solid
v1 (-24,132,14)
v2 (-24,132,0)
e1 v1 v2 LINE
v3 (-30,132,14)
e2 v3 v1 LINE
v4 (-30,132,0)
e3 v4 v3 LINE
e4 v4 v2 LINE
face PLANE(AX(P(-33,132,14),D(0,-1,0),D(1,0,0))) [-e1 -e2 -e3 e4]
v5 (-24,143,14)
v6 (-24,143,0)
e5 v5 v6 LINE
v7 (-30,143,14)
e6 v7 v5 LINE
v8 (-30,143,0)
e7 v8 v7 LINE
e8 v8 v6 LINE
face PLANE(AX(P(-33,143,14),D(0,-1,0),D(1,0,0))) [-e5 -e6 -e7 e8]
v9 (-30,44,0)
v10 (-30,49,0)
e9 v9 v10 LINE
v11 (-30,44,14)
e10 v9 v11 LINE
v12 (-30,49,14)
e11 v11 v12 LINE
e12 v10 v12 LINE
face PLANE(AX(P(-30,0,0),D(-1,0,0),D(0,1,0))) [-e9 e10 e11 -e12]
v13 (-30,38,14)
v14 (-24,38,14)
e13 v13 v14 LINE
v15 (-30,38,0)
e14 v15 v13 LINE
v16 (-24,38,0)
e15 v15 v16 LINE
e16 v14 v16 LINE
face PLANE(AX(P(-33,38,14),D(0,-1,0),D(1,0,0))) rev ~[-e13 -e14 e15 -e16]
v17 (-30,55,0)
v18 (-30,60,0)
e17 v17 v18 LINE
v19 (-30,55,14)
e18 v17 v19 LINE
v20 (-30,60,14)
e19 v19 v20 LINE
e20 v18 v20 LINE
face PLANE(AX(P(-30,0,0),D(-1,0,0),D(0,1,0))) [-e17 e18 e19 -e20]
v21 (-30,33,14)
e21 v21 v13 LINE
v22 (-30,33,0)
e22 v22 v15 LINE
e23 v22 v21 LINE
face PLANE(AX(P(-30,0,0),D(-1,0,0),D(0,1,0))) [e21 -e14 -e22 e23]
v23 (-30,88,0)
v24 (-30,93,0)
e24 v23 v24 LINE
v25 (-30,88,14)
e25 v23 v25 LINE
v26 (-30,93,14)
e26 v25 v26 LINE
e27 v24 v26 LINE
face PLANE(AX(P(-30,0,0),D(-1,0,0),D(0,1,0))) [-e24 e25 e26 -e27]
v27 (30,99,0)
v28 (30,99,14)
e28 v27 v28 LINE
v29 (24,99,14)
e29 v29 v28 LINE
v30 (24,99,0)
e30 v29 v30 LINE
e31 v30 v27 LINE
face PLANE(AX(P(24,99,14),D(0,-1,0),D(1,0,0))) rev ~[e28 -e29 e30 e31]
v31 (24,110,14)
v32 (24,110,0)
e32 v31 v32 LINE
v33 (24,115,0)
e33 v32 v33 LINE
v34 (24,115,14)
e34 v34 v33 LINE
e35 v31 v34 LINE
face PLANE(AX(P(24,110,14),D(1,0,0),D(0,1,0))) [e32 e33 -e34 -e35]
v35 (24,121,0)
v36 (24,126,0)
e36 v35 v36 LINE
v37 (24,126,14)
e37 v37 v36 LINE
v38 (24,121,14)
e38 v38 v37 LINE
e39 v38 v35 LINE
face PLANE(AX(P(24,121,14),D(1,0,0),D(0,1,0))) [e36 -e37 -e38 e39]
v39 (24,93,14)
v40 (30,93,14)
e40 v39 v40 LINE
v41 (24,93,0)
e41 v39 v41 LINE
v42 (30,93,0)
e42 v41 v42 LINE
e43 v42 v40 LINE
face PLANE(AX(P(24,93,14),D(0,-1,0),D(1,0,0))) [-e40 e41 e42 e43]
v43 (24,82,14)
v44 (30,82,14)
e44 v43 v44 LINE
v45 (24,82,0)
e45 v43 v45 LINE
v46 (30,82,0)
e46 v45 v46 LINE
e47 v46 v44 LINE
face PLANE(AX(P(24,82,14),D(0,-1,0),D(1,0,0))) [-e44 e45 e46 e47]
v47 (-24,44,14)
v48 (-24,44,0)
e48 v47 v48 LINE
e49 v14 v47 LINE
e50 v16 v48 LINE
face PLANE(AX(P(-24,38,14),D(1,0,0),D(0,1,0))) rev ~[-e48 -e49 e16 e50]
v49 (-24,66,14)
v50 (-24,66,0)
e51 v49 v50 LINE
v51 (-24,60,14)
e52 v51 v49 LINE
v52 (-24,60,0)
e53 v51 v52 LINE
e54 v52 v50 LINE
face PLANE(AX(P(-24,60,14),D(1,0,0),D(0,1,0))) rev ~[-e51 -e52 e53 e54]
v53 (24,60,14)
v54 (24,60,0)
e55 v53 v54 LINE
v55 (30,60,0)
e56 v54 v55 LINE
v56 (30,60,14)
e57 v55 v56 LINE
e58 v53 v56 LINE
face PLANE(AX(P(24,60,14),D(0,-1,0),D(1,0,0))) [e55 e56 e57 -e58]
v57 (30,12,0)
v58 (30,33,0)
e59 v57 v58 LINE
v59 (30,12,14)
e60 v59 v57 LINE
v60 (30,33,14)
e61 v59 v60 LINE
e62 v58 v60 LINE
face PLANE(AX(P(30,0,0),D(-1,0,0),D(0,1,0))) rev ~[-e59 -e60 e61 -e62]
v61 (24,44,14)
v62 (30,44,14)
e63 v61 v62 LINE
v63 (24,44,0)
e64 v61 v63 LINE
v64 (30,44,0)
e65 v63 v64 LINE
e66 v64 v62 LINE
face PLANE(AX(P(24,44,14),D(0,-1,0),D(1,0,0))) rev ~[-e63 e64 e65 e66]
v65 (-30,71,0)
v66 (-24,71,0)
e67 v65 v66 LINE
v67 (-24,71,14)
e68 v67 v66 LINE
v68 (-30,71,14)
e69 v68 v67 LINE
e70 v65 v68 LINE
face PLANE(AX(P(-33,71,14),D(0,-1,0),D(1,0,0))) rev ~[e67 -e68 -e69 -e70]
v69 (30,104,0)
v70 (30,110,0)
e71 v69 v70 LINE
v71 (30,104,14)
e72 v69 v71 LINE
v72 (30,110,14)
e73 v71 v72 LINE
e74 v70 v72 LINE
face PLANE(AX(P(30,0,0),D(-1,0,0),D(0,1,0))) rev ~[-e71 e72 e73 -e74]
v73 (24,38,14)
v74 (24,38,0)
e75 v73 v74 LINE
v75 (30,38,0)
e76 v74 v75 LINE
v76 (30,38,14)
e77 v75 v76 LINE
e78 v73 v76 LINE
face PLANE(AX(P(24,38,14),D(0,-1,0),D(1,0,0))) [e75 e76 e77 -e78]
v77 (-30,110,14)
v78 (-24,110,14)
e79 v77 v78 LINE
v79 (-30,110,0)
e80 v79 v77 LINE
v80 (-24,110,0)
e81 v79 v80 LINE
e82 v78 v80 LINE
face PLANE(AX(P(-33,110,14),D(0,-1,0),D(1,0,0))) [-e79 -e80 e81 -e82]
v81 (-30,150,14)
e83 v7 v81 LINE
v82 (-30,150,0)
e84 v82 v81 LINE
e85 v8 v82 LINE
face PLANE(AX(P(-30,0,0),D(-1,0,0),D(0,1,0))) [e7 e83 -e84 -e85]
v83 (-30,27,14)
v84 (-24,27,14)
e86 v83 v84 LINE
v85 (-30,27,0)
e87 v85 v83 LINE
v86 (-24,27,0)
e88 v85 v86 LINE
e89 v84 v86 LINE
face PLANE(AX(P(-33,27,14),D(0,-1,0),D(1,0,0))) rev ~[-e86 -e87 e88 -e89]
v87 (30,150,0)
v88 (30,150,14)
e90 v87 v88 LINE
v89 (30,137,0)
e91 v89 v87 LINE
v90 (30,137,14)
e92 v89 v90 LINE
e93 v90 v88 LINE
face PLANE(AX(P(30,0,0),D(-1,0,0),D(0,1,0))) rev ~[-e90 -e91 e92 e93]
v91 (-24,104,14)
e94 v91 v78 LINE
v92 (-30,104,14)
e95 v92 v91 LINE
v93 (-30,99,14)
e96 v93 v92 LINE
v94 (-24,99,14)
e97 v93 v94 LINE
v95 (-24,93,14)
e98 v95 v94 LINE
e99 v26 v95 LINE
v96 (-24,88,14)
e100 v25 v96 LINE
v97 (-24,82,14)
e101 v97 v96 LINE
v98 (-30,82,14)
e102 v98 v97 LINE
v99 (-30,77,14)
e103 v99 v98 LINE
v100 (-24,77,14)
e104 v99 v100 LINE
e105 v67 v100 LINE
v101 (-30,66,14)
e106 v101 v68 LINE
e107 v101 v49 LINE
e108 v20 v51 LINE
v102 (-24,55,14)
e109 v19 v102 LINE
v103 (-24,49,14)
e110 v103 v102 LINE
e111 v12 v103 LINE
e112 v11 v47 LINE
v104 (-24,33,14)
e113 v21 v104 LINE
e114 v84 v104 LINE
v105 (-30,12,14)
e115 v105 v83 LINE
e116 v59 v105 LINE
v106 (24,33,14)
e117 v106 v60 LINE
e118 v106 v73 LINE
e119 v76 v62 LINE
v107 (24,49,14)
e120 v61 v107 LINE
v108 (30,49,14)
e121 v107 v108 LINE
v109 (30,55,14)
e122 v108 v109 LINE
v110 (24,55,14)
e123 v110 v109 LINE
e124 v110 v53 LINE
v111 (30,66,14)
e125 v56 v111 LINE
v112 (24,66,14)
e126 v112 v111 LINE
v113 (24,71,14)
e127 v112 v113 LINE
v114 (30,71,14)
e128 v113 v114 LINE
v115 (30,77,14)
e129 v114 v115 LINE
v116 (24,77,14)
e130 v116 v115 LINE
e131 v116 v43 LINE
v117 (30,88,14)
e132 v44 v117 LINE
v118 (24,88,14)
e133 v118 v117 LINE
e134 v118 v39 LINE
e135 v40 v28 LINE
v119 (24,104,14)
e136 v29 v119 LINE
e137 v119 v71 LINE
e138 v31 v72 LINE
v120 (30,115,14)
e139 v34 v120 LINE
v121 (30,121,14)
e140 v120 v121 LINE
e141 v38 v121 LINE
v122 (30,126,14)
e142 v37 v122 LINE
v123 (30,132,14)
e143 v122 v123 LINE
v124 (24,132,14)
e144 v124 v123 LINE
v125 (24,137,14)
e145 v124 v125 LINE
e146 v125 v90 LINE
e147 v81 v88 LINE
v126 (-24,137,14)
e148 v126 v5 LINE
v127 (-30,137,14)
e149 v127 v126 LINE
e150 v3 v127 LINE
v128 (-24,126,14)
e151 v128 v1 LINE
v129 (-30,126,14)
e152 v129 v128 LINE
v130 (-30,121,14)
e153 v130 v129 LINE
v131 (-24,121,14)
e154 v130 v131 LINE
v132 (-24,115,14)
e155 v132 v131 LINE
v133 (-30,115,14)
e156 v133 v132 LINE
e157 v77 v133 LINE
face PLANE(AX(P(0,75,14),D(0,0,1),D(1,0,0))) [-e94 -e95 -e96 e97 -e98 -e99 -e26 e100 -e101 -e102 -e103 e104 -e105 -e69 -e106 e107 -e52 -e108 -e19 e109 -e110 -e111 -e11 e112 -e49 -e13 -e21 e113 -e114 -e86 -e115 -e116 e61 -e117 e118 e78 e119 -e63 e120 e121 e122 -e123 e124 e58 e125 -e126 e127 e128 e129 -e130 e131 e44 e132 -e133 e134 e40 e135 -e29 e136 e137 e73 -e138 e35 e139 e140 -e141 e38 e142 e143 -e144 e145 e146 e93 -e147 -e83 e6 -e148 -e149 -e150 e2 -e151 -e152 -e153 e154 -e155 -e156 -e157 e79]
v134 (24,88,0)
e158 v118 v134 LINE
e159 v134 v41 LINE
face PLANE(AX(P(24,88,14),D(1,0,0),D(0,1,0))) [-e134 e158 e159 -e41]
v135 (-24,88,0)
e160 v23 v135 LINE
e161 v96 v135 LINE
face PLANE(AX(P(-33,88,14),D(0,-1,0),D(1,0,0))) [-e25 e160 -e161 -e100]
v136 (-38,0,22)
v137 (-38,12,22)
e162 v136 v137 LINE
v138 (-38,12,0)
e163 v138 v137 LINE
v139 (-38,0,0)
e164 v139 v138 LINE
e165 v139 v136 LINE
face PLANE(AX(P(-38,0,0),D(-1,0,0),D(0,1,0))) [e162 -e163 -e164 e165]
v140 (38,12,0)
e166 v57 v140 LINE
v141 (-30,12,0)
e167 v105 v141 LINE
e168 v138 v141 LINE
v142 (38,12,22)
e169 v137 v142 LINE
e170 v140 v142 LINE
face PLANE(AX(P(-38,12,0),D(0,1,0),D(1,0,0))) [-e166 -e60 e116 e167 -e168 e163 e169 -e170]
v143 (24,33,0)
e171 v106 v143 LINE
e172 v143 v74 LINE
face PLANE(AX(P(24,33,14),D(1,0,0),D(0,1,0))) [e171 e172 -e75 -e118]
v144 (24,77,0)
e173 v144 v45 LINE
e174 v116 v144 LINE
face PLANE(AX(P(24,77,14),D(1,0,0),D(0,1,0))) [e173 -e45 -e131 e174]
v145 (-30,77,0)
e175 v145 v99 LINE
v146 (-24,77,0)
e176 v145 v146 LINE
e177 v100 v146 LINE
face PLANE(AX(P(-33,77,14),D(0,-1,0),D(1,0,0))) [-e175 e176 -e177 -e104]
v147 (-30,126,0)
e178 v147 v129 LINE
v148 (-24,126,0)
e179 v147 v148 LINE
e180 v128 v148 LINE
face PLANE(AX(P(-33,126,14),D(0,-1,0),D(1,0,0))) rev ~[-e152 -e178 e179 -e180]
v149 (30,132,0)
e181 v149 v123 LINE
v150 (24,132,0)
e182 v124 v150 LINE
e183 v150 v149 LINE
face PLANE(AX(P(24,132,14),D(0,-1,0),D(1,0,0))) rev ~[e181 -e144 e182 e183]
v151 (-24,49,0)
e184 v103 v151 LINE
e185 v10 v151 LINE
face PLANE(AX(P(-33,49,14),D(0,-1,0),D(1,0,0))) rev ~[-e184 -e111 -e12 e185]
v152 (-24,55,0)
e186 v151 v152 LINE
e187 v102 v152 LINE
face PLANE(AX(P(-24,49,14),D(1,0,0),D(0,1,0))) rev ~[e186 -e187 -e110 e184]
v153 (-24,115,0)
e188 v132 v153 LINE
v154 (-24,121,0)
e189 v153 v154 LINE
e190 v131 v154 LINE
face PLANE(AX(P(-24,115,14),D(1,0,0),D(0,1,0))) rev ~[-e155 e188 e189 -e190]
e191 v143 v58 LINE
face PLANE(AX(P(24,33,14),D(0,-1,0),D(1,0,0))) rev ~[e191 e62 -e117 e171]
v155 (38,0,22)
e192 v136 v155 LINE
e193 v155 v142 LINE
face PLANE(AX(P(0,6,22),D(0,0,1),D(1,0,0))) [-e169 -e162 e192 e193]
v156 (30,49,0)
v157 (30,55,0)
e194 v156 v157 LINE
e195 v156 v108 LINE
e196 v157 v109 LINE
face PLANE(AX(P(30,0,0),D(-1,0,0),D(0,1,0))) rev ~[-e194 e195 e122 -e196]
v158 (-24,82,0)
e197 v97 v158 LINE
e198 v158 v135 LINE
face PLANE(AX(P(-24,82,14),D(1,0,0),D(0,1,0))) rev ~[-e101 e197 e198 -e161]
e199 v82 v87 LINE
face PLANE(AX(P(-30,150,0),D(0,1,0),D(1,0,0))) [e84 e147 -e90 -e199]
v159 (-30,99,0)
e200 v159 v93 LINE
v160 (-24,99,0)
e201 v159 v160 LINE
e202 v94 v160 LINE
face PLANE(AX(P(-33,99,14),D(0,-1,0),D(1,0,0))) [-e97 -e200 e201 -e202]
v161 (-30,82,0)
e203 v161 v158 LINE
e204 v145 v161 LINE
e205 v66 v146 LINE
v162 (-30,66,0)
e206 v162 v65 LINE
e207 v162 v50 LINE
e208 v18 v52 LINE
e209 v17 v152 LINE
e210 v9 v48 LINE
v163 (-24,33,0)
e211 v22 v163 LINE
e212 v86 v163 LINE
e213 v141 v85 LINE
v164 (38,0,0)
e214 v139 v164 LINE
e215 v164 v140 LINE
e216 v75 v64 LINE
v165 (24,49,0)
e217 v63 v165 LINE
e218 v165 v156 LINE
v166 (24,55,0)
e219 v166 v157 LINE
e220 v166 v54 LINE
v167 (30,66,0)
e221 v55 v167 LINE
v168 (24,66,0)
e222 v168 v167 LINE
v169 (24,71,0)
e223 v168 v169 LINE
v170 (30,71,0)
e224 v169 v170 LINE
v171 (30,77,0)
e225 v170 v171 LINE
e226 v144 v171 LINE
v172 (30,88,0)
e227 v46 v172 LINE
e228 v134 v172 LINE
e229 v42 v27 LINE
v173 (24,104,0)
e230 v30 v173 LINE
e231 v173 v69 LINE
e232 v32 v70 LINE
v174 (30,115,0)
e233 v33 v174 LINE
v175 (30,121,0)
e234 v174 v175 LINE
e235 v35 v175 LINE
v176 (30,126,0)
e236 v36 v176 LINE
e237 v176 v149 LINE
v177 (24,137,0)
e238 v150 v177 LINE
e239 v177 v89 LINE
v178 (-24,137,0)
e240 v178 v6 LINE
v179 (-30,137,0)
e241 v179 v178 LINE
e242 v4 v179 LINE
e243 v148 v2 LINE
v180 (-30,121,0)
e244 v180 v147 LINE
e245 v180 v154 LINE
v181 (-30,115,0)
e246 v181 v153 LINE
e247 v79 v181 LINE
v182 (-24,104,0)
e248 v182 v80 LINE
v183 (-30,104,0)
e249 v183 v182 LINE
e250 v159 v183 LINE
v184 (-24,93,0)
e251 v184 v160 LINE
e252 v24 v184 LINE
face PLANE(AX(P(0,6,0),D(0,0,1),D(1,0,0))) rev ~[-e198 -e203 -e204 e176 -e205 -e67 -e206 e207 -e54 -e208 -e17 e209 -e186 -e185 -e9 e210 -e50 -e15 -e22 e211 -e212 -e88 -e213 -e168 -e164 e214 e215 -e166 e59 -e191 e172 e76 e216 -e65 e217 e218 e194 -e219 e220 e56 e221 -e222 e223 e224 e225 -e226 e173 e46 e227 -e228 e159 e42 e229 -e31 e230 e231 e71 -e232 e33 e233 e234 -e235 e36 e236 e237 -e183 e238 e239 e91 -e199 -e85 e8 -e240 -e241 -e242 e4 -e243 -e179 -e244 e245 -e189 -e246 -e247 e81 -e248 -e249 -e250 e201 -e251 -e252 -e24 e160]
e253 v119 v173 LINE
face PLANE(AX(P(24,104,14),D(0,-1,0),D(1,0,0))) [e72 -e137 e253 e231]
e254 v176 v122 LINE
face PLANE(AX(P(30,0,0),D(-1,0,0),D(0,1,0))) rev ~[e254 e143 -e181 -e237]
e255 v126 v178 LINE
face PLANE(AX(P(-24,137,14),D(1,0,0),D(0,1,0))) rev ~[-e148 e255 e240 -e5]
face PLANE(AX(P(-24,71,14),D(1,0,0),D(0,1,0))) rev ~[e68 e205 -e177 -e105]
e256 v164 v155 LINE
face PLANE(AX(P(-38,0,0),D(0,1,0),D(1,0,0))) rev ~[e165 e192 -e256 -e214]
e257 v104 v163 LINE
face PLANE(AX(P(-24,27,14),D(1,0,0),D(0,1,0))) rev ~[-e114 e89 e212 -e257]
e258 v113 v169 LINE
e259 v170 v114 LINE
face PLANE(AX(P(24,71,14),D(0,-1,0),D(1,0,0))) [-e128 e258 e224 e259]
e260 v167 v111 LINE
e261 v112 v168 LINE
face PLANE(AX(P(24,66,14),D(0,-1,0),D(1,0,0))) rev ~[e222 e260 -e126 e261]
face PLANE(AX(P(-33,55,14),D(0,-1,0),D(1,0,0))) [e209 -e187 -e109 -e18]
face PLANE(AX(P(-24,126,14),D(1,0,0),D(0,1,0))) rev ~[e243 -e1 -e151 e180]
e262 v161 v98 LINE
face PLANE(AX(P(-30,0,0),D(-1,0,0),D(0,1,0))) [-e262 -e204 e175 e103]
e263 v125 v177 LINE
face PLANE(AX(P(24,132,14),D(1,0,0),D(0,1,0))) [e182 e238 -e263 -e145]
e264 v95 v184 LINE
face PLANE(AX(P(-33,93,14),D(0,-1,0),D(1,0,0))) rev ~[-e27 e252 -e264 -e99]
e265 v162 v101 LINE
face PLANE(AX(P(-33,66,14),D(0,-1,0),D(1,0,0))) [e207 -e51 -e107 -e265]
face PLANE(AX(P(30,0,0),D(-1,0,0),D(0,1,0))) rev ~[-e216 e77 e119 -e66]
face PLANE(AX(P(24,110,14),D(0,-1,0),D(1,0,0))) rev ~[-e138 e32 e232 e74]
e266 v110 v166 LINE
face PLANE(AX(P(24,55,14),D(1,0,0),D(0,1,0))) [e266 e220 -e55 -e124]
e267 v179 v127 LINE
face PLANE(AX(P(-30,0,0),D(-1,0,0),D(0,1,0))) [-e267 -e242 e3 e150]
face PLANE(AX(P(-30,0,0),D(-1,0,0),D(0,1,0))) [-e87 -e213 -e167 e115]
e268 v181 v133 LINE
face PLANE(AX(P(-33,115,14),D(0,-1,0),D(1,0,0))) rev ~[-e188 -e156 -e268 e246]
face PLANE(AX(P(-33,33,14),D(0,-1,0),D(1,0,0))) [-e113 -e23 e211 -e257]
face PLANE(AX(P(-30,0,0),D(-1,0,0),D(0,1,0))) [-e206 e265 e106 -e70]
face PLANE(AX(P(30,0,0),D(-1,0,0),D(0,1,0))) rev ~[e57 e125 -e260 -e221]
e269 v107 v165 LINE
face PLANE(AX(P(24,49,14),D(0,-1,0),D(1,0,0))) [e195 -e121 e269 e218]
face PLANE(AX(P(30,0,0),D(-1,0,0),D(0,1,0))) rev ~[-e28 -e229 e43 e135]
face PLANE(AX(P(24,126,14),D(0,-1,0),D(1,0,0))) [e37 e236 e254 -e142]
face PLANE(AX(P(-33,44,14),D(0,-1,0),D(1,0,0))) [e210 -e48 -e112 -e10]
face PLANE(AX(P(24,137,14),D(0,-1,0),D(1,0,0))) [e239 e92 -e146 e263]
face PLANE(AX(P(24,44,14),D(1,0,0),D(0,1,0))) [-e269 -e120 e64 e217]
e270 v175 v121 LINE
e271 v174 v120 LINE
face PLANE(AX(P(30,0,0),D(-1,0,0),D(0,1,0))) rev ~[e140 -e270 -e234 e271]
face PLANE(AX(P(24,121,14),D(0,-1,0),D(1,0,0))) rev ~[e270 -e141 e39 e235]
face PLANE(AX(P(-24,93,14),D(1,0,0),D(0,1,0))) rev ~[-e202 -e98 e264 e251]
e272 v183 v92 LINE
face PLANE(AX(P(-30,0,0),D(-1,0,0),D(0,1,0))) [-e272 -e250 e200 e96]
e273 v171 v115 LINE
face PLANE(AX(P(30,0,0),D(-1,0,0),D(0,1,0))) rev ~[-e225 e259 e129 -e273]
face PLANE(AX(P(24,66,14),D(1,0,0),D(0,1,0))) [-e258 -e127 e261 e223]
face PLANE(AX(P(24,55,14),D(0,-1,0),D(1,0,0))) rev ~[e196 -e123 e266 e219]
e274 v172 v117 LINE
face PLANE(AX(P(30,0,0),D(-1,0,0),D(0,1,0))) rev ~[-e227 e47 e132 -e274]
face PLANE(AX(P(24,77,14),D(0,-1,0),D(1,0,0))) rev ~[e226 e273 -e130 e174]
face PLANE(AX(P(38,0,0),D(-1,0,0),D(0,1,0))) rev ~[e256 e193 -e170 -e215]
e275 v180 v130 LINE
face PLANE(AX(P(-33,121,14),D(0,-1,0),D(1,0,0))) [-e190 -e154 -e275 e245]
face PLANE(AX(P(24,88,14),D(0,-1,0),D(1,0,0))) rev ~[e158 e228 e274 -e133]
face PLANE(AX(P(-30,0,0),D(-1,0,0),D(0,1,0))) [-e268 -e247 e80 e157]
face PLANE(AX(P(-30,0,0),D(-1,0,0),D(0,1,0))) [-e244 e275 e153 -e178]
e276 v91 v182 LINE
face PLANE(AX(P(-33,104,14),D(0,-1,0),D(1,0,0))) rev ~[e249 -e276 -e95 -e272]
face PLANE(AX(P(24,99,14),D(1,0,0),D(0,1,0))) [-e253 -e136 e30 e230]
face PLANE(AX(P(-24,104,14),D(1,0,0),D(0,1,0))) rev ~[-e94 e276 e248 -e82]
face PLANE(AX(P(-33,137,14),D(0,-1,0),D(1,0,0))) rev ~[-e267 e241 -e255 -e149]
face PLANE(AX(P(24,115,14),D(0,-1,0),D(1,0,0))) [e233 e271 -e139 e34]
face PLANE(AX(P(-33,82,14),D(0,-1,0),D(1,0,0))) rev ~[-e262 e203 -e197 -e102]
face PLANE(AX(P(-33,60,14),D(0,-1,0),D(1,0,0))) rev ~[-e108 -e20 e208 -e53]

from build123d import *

# Parameters (mm, degrees)
SKETCH1_W           = 60
SKETCH1_H           = 150
BRIDGEPLATE_DEPTH   = 14
SKETCH9_W           = 9
SKETCH9_H           = 6
SKETCH9_H_2         = 5
STRINGNOTCHES_DEPTH = 154.609895515
SKETCH10_W          = 76
SKETCH10_H          = 12
BRIDGEFOOT_DEPTH    = 22


with BuildPart() as part:
    # Sketch1 → BridgePlate (new body)
    with BuildSketch(Plane.XY):
        with Locations((0, 75)):
            Rectangle(SKETCH1_W, SKETCH1_H)
    extrude(amount=BRIDGEPLATE_DEPTH)

    # Sketch9 → StringNotches (cut, through all)
    with BuildSketch(Plane.XY.offset(14)):
        with Locations((-28.5, 30)):
            Rectangle(SKETCH9_W, SKETCH9_H)
        with Locations((-28.5, 41)):
            Rectangle(SKETCH9_W, SKETCH9_H)
        with Locations((-28.5, 52)):
            Rectangle(SKETCH9_W, SKETCH9_H)
        with Locations((-28.5, 63)):
            Rectangle(SKETCH9_W, SKETCH9_H)
        with Locations((-28.5, 74)):
            Rectangle(SKETCH9_W, SKETCH9_H)
        with Locations((-28.5, 85)):
            Rectangle(SKETCH9_W, SKETCH9_H)
        with Locations((-28.5, 96)):
            Rectangle(SKETCH9_W, SKETCH9_H)
        with Locations((-28.5, 107)):
            Rectangle(SKETCH9_W, SKETCH9_H)
        with Locations((-28.5, 118)):
            Rectangle(SKETCH9_W, SKETCH9_H)
        with Locations((-28.5, 129)):
            Rectangle(SKETCH9_W, SKETCH9_H)
        with Locations((-28.5, 140)):
            Rectangle(SKETCH9_W, SKETCH9_H)
        with Locations((28.5, 35.5)):
            Rectangle(SKETCH9_W, SKETCH9_H_2)
        with Locations((28.5, 46.5)):
            Rectangle(SKETCH9_W, SKETCH9_H_2)
        with Locations((28.5, 57.5)):
            Rectangle(SKETCH9_W, SKETCH9_H_2)
        with Locations((28.5, 68.5)):
            Rectangle(SKETCH9_W, SKETCH9_H_2)
        with Locations((28.5, 79.5)):
            Rectangle(SKETCH9_W, SKETCH9_H_2)
        with Locations((28.5, 90.5)):
            Rectangle(SKETCH9_W, SKETCH9_H_2)
        with Locations((28.5, 101.5)):
            Rectangle(SKETCH9_W, SKETCH9_H_2)
        with Locations((28.5, 112.5)):
            Rectangle(SKETCH9_W, SKETCH9_H_2)
        with Locations((28.5, 123.5)):
            Rectangle(SKETCH9_W, SKETCH9_H_2)
        with Locations((28.5, 134.5)):
            Rectangle(SKETCH9_W, SKETCH9_H_2)
    extrude(amount=-STRINGNOTCHES_DEPTH, mode=Mode.SUBTRACT)

    # Sketch10 → BridgeFoot (add)
    with BuildSketch(Plane.XY):
        with Locations((0, 6)):
            Rectangle(SKETCH10_W, SKETCH10_H)
    extrude(amount=BRIDGEFOOT_DEPTH)


solid = part.part
